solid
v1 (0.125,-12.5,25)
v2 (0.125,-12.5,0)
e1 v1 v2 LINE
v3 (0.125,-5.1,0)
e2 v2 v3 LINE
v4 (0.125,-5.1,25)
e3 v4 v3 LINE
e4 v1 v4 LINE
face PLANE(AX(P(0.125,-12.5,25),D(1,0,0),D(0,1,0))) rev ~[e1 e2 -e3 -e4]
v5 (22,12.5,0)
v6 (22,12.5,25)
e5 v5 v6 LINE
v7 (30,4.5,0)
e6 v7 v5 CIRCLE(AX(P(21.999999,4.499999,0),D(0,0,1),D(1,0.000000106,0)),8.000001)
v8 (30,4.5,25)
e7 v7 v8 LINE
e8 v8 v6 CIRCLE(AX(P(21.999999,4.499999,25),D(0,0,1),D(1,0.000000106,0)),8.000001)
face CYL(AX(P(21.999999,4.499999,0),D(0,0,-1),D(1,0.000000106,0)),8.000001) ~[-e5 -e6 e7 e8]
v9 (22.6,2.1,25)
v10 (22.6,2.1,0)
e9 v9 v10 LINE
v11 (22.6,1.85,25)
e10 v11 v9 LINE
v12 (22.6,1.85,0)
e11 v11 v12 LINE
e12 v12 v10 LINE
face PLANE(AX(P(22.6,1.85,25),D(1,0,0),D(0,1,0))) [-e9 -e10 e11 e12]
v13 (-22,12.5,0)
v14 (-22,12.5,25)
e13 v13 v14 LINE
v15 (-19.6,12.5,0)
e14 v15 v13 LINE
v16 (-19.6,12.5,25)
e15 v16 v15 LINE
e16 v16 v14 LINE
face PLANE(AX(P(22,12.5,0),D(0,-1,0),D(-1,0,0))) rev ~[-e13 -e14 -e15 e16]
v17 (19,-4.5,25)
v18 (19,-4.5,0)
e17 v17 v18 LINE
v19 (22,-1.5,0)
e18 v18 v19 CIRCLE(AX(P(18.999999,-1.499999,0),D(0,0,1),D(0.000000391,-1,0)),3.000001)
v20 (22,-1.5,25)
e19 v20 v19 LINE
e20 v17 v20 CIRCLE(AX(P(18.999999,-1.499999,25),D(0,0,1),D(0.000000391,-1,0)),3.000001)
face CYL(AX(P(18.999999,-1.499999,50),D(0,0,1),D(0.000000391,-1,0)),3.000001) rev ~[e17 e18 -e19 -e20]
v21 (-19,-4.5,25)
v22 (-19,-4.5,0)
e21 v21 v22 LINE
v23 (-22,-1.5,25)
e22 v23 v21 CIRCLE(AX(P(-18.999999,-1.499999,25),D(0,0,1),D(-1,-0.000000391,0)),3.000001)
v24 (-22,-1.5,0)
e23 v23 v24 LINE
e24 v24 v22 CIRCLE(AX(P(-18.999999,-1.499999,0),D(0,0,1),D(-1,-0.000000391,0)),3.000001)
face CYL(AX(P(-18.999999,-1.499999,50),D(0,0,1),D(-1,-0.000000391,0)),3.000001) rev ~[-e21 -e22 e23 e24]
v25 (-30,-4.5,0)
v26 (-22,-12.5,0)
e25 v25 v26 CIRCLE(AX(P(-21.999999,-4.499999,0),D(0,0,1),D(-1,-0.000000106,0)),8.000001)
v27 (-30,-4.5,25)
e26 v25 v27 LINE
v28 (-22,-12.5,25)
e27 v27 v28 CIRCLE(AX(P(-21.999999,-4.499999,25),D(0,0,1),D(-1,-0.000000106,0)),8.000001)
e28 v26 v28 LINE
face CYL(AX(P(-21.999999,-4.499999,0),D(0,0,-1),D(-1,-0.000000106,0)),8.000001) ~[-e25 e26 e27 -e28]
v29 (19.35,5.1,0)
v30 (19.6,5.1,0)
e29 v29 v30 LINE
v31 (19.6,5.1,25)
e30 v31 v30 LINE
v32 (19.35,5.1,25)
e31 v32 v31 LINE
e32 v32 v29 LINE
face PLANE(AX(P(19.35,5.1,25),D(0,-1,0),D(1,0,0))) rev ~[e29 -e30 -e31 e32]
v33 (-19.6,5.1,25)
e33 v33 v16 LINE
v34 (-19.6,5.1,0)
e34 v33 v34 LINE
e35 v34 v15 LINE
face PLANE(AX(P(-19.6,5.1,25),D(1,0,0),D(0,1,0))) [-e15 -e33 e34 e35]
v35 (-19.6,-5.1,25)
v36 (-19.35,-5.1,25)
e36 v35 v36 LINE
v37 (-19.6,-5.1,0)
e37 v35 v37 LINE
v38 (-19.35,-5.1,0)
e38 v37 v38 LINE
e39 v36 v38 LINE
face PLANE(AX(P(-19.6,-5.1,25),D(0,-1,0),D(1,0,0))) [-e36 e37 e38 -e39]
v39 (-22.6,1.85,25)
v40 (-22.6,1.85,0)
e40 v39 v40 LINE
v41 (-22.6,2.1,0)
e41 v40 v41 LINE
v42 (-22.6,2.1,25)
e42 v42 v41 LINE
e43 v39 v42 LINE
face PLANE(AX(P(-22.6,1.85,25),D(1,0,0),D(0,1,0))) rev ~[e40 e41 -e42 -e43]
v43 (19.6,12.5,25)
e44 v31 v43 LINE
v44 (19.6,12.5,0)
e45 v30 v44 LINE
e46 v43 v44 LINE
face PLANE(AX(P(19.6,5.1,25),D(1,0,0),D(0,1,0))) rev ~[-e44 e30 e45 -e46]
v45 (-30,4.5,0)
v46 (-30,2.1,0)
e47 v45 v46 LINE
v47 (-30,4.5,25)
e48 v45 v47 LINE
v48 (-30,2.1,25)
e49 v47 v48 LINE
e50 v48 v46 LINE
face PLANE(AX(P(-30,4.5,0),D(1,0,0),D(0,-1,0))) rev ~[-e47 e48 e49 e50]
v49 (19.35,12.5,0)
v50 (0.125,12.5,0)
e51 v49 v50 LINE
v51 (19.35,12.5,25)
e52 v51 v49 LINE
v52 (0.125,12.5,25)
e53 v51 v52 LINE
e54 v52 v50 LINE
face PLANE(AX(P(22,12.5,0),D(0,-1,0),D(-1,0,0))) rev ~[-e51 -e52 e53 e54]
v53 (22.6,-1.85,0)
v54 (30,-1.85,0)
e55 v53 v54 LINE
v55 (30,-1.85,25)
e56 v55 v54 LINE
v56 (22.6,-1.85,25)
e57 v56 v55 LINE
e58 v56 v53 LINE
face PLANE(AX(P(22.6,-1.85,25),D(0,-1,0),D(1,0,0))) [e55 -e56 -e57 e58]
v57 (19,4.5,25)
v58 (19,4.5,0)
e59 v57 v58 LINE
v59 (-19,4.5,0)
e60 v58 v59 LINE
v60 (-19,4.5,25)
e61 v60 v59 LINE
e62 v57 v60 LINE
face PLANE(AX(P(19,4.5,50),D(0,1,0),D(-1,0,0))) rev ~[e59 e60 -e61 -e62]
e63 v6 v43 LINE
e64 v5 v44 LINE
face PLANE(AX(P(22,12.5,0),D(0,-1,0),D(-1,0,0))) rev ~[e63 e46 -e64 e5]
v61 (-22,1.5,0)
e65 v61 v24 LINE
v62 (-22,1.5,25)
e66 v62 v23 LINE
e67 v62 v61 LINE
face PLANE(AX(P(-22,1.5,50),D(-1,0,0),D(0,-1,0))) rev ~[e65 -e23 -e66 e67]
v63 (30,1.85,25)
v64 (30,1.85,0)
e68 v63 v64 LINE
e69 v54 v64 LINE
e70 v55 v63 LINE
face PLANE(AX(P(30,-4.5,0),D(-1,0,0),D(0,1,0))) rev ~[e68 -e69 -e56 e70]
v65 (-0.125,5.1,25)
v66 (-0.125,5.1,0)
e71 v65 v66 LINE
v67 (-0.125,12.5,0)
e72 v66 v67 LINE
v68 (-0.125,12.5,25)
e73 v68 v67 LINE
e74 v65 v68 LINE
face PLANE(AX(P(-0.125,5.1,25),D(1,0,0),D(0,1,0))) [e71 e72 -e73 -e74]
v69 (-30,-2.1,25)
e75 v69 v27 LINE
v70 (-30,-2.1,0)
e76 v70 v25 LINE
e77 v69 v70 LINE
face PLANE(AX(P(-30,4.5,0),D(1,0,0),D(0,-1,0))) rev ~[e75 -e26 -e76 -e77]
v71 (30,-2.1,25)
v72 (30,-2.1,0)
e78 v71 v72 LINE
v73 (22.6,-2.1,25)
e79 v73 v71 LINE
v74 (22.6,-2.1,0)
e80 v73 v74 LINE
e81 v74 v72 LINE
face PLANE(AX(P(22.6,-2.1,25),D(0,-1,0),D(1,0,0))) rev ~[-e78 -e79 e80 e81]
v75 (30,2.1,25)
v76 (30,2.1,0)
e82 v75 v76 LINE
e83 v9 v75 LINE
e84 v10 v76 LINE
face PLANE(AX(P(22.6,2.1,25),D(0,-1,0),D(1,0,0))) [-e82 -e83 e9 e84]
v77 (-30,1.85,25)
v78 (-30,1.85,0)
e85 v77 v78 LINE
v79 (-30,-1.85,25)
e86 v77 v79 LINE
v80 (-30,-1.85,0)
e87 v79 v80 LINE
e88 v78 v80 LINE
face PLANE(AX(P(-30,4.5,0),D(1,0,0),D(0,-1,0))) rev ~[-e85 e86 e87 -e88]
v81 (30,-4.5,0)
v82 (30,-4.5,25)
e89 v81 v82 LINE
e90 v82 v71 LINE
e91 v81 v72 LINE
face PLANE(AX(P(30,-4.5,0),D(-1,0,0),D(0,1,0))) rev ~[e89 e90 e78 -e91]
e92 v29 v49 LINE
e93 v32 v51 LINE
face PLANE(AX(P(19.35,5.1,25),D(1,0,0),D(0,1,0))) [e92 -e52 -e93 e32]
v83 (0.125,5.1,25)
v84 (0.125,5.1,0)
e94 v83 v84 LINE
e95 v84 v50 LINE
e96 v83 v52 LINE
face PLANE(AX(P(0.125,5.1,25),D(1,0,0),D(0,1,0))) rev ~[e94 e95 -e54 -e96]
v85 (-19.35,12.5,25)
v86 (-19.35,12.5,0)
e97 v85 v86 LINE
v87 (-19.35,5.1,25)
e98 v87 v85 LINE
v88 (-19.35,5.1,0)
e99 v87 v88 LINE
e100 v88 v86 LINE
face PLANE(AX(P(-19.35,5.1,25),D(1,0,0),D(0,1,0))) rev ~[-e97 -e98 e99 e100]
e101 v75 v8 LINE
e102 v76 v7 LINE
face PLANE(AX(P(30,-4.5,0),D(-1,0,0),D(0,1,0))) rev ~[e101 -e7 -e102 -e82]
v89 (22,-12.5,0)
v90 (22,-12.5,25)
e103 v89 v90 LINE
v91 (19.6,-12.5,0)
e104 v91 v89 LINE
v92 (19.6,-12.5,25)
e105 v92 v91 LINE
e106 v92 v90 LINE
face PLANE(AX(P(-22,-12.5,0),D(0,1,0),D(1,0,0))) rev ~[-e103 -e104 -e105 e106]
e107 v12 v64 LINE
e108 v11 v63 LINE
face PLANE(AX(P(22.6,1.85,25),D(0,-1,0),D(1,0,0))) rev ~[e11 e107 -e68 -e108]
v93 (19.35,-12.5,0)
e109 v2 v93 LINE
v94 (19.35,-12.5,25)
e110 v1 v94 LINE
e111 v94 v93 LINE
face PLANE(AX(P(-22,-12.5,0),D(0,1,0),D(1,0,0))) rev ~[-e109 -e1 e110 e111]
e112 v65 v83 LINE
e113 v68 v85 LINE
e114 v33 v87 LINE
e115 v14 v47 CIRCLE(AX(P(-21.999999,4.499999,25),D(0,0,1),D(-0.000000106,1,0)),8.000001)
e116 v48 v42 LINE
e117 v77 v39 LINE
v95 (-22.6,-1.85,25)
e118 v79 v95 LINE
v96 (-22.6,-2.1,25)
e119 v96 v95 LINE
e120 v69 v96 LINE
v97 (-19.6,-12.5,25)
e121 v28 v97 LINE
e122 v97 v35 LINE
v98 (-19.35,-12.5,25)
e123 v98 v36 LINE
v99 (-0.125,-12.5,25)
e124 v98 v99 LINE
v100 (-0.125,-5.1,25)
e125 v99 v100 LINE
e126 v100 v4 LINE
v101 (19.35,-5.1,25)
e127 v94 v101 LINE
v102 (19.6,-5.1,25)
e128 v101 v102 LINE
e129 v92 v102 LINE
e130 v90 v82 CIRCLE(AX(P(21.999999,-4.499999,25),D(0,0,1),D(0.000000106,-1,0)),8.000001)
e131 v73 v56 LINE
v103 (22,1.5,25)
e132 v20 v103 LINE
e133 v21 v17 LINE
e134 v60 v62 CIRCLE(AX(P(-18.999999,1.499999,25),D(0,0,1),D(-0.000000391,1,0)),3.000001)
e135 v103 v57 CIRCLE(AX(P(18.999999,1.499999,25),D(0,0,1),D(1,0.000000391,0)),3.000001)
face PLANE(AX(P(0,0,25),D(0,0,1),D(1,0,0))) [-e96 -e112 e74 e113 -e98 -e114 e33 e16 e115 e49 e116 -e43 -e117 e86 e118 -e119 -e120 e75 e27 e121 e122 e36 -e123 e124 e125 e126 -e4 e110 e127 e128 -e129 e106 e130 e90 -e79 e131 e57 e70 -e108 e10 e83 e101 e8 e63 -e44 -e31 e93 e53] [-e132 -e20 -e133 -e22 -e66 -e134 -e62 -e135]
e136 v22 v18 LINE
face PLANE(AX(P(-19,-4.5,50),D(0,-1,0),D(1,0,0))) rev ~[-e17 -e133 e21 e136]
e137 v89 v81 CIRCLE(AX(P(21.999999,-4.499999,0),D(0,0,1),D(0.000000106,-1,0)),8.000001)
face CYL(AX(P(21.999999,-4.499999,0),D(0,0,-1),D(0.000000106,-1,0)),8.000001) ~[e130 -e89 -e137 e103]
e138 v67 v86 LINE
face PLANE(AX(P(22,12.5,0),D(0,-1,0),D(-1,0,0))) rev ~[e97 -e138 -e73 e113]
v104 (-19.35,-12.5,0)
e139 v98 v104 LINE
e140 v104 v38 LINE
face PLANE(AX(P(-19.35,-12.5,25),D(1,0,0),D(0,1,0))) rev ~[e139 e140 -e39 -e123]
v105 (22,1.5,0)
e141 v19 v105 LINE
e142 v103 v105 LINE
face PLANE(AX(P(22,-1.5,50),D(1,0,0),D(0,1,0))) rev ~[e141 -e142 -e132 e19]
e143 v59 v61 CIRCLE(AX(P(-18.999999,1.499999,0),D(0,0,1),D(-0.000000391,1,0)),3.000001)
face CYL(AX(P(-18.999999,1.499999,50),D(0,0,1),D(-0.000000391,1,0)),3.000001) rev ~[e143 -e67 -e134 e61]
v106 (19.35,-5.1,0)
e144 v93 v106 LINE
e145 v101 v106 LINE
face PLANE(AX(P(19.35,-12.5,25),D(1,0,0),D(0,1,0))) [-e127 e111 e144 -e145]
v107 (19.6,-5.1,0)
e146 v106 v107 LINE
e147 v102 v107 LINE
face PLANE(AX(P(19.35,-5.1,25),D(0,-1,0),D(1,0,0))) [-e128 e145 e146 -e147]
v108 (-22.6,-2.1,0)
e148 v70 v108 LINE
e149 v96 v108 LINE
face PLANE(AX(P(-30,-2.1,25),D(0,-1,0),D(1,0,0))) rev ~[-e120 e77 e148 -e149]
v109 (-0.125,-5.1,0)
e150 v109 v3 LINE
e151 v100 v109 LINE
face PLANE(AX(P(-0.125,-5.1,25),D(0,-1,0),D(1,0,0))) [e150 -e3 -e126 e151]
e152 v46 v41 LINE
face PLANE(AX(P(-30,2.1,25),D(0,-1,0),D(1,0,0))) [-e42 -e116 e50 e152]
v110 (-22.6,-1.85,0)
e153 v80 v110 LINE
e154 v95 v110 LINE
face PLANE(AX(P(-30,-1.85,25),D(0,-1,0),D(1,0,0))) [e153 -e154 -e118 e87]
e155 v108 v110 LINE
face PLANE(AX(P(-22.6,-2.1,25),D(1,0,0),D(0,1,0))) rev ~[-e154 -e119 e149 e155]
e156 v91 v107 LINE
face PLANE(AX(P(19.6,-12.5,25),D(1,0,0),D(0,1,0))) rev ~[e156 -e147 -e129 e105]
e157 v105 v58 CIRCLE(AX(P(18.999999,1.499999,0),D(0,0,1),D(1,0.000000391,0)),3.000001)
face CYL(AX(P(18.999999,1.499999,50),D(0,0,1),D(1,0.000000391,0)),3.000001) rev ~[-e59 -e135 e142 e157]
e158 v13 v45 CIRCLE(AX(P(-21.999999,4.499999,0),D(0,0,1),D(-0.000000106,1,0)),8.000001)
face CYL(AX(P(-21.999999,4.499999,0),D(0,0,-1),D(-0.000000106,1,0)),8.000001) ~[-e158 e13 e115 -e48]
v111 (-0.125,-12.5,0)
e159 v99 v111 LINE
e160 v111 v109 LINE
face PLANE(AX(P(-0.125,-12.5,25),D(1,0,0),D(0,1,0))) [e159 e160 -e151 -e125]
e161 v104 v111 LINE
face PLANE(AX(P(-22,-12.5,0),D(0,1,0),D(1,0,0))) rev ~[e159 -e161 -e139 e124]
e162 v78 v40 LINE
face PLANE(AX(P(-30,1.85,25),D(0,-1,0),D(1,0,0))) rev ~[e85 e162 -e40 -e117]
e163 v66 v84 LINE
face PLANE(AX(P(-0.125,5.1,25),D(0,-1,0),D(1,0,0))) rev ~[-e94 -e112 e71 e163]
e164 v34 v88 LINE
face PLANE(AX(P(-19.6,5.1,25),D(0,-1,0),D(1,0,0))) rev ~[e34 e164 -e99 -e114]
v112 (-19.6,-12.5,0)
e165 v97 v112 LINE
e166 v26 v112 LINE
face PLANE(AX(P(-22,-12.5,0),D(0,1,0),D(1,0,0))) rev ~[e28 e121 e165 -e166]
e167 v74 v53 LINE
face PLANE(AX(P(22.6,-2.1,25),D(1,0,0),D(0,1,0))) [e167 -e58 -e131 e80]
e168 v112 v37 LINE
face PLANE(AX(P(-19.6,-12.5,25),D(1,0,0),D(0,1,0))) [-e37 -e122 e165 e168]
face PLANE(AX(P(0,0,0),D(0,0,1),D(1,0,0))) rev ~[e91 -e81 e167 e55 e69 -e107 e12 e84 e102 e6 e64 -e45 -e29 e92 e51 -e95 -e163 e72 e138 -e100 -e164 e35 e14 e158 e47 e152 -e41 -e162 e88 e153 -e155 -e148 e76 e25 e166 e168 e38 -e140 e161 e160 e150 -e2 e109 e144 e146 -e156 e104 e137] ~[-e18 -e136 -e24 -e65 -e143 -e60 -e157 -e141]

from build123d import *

# Parameters (mm, degrees)
F1_DEPTH = 25
F3_DEPTH = 25
F4_DEPTH = 50.001
F5_W     = 0.25
F5_H     = 7.4
F5_W_2   = 7.4
F5_H_2   = 0.25
F6_DEPTH = 25.001


with BuildPart() as f1:
    # F0 (on Top) → F1 (new body)
    with BuildSketch(Plane.XY):
        with BuildLine():
            ThreePointArc((30, 4.5), (27.656854, 10.156854), (22, 12.5))
            Line((22, 12.5), (-22, 12.5))
            ThreePointArc((-22, 12.5), (-27.656854, 10.156854), (-30, 4.5))
            Line((-30, 4.5), (-30, -4.5))
            ThreePointArc((-30, -4.5), (-27.656854, -10.156854), (-22, -12.5))
            Line((-22, -12.5), (22, -12.5))
            ThreePointArc((22, -12.5), (27.656854, -10.156854), (30, -4.5))
            Line((30, -4.5), (30, 4.5))
        make_face()
    extrude(amount=F1_DEPTH)

    # F2 (on face) → F3 (join)
    with BuildSketch(Plane.XY.offset(25)):
        with BuildLine():
            ThreePointArc((22, 1.5), (21.12132, 3.62132), (19, 4.5))
            Line((19, 4.5), (-19, 4.5))
            ThreePointArc((-19, 4.5), (-21.12132, 3.62132), (-22, 1.5))
            Line((-22, 1.5), (-22, -1.5))
            ThreePointArc((-22, -1.5), (-21.12132, -3.62132), (-19, -4.5))
            Line((-19, -4.5), (19, -4.5))
            ThreePointArc((19, -4.5), (21.12132, -3.62132), (22, -1.5))
            Line((22, -1.5), (22, 1.5))
        make_face()
    extrude(amount=F3_DEPTH)

    # F3_face (on face) → F4 (cut, through all)
    with BuildSketch(Plane.XY.offset(50)):
        with BuildLine():
            ThreePointArc((22, 1.5), (21.12132, 3.62132), (19, 4.5))
            Line((19, 4.5), (-19, 4.5))
            ThreePointArc((-19, 4.5), (-21.12132, 3.62132), (-22, 1.5))
            Line((-22, 1.5), (-22, -1.5))
            ThreePointArc((-22, -1.5), (-21.12132, -3.62132), (-19, -4.5))
            Line((-19, -4.5), (19, -4.5))
            ThreePointArc((19, -4.5), (21.12132, -3.62132), (22, -1.5))
            Line((22, -1.5), (22, 1.5))
        make_face()
    extrude(amount=-F4_DEPTH, mode=Mode.SUBTRACT)

    # F5 (on face) → F6 (cut, through all)
    with BuildSketch(Plane.XY.offset(25)):
        with Locations((-19.475, 8.8)):
            Rectangle(F5_W, F5_H)
        with Locations((19.475, 8.8)):
            Rectangle(F5_W, F5_H)
        with Locations((-19.475, -8.8)):
            Rectangle(F5_W, F5_H)
        with Locations((19.475, -8.8)):
            Rectangle(F5_W, F5_H)
        with Locations((26.3, -1.975)):
            Rectangle(F5_W_2, F5_H_2)
        with Locations((26.3, 1.975)):
            Rectangle(F5_W_2, F5_H_2)
        with Locations((-26.3, 1.975)):
            Rectangle(F5_W_2, F5_H_2)
        with Locations((-26.3, -1.975)):
            Rectangle(F5_W_2, F5_H_2)
        with Locations((0, -8.8)):
            Rectangle(F5_W, F5_H)
        with Locations((0, 8.8)):
            Rectangle(F5_W, F5_H)
    extrude(amount=-F6_DEPTH, mode=Mode.SUBTRACT)


solid = f1.part
